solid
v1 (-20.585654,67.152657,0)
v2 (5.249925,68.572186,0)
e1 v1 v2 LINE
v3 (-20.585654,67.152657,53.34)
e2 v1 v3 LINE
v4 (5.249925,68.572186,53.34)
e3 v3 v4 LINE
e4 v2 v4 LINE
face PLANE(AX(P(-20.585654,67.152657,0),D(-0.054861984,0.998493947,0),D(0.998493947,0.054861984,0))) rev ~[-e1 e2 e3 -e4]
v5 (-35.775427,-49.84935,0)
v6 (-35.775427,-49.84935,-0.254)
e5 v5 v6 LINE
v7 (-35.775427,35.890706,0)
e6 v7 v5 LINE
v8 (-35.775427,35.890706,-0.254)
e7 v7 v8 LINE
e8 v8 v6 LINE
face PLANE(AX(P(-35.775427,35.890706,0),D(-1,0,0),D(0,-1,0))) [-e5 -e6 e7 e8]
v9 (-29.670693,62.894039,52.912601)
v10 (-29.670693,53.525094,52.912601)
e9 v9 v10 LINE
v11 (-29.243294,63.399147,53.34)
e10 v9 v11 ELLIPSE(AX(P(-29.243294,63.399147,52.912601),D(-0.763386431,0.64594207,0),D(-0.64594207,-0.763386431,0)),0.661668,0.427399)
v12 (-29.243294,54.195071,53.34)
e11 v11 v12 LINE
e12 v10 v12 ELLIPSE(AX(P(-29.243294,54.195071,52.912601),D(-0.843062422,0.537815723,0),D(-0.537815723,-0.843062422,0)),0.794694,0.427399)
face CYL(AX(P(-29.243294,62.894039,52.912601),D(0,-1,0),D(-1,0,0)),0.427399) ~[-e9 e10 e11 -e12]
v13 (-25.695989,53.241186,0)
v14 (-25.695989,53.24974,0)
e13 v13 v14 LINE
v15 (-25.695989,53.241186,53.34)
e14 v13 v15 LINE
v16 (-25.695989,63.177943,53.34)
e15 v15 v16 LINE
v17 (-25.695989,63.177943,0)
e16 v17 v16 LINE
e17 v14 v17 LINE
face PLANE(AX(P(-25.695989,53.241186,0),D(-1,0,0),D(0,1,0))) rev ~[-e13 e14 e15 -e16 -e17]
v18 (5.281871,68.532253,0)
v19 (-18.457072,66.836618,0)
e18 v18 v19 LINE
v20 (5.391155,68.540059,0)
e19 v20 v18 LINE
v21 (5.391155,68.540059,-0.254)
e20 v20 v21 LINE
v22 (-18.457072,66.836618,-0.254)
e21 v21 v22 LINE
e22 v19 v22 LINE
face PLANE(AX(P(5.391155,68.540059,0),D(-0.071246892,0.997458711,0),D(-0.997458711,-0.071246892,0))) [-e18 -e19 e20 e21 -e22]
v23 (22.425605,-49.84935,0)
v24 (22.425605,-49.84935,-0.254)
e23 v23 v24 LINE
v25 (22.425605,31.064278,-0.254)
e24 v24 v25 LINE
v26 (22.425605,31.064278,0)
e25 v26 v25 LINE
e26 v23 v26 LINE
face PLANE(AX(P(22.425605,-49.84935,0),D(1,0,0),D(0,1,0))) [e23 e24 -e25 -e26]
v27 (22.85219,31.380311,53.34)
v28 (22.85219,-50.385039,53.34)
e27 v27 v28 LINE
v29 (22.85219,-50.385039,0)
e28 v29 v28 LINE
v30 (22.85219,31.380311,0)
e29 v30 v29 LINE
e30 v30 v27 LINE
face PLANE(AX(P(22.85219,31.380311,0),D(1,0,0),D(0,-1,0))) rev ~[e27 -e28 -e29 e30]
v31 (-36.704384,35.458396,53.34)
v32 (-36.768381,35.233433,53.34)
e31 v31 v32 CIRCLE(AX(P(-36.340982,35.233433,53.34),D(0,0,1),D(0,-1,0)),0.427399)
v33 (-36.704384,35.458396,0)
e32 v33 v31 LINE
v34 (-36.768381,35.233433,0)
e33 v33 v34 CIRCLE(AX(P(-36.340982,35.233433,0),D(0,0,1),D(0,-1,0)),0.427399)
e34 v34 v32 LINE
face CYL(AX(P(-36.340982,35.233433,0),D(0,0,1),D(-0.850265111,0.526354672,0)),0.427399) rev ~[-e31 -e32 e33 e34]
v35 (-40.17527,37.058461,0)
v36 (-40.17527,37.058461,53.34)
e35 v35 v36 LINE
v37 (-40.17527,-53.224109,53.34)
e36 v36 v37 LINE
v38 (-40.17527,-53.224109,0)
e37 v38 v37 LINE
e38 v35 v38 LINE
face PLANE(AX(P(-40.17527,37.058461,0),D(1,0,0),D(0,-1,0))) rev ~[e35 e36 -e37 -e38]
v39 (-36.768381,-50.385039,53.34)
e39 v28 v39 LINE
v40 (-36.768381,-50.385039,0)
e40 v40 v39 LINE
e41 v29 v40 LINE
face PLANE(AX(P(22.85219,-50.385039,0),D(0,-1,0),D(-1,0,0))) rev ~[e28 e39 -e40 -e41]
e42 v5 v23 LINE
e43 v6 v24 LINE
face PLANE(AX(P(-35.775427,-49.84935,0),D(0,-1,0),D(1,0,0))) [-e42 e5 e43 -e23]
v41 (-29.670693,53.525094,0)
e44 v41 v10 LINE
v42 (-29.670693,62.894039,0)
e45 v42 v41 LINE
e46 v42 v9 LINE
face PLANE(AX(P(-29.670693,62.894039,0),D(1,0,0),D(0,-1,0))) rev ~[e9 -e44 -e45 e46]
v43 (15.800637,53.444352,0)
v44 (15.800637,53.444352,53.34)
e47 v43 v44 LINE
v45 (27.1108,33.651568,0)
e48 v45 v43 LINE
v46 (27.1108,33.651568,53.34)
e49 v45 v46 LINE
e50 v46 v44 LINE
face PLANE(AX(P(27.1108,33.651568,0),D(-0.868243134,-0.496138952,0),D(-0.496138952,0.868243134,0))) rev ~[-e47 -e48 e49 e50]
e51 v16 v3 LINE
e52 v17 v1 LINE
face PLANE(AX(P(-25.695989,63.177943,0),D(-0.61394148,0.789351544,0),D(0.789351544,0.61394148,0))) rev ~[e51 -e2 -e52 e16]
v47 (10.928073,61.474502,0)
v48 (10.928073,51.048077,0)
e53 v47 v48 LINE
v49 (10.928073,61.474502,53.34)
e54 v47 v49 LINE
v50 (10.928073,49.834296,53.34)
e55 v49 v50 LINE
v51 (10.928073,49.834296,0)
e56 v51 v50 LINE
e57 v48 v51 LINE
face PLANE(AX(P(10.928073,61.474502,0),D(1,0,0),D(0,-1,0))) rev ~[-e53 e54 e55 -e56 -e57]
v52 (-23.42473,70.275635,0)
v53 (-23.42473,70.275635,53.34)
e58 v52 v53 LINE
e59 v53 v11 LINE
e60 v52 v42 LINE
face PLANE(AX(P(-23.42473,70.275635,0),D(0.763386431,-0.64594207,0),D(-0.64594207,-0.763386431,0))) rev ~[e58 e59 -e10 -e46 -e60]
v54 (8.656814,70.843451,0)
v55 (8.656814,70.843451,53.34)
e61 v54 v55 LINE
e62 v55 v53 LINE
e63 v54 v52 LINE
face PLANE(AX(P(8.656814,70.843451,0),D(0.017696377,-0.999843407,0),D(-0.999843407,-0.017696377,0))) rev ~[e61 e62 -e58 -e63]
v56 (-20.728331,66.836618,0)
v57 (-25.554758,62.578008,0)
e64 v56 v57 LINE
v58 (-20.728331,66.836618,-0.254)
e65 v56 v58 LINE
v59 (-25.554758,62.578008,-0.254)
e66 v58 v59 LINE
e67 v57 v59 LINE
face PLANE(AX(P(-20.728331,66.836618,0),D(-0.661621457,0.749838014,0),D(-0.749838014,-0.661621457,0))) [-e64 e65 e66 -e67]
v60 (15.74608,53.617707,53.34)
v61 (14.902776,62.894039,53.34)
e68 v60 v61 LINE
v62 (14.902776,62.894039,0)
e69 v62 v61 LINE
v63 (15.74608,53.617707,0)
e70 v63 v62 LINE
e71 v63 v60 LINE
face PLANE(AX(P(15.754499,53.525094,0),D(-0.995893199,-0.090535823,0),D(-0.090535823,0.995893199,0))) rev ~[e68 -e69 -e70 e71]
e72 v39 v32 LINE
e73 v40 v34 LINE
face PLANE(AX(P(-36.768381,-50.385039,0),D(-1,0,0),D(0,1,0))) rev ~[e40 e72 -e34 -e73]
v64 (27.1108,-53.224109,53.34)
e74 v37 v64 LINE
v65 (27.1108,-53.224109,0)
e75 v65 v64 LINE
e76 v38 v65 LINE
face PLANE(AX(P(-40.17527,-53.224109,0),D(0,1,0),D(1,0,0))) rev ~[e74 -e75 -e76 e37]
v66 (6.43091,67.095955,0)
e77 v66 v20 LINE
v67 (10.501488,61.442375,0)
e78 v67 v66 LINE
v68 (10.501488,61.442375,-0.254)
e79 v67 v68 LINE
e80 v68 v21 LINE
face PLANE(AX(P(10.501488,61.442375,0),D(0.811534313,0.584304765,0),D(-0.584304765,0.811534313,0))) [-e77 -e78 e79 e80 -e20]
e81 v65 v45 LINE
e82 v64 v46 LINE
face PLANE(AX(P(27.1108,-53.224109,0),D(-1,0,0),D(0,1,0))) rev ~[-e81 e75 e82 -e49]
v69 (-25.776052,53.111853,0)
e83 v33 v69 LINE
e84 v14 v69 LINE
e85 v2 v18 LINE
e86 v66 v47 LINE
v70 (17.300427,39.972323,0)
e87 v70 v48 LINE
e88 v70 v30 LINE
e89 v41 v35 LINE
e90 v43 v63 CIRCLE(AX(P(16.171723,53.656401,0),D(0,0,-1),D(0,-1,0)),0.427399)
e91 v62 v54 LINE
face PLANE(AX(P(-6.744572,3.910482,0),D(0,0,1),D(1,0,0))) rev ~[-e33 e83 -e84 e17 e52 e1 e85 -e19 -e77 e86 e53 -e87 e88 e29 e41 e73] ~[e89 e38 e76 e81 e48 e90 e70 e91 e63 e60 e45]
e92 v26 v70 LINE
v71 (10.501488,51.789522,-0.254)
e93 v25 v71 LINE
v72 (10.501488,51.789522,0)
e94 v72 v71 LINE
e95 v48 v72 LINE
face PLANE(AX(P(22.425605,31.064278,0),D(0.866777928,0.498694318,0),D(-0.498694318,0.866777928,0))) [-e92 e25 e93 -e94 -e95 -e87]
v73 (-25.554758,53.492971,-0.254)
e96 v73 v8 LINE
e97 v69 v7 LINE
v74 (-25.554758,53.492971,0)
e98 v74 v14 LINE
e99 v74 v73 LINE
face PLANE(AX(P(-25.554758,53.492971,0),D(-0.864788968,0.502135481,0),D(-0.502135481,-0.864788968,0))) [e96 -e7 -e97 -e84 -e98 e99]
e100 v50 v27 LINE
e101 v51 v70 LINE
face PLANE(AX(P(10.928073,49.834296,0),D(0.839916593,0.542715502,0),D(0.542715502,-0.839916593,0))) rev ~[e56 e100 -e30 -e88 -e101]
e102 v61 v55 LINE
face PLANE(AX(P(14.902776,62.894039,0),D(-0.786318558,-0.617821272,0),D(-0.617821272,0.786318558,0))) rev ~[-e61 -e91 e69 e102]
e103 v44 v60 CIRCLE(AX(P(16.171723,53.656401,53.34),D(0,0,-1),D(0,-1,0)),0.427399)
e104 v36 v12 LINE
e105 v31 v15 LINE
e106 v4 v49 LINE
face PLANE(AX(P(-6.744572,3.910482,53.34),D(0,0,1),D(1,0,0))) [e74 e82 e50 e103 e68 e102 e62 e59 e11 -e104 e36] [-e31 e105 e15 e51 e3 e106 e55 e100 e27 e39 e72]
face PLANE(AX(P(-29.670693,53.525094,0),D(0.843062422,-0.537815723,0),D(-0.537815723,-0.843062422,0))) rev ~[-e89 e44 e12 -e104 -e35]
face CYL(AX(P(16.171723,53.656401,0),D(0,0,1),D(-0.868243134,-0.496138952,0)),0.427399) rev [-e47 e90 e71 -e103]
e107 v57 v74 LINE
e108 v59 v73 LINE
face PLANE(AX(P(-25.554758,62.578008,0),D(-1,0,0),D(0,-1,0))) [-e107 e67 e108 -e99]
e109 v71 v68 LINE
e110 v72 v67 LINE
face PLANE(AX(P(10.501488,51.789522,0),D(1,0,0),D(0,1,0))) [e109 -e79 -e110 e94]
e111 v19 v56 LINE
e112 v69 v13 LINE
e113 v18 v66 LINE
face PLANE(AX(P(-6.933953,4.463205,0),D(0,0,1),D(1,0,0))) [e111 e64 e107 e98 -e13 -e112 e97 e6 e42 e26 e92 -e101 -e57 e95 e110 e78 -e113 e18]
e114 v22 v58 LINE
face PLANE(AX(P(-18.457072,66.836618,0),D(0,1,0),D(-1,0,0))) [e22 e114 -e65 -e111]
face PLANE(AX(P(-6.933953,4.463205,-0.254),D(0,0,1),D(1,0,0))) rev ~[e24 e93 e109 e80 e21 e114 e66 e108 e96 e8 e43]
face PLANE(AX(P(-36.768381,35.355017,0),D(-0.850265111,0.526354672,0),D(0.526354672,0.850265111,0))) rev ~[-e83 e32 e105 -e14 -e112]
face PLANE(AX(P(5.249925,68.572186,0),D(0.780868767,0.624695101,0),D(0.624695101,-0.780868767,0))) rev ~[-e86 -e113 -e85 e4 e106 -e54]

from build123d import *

# Parameters (mm, degrees)
F1_DEPTH = 53.34
F3_DEPTH = 0.254
F4_R     = 0.427399


with BuildPart() as f1:
    # F0 (on Top) → F1 (new body)
    with BuildSketch(Plane.XY):
        Polygon((-29.670693, 53.525094), (-40.17527, 37.058461), (-40.17527, -53.224109), (27.1108, -53.224109), (27.1108, 33.651568), (15.754499, 53.525094), (14.902776, 62.894039), (8.656814, 70.843451), (-23.42473, 70.275635), (-29.670693, 62.894039), align=None)
        Polygon((-25.695989, 63.177943), (-20.585654, 67.152657), (5.249925, 68.572186), (10.928073, 61.474502), (10.928073, 49.834296), (22.85219, 31.380311), (22.85219, -50.385039), (-36.768381, -50.385039), (-36.768381, 35.355017), (-25.695989, 53.241186), align=None, mode=Mode.SUBTRACT)
    extrude(amount=F1_DEPTH)

    # F2 (on Top) → F3 (join)
    with BuildSketch(Plane.XY):
        Polygon((-18.457072, 66.836618), (-20.728331, 66.836618), (-25.554758, 62.578008), (-25.554758, 53.492971), (-35.775427, 35.890706), (-35.775427, -49.84935), (22.425605, -49.84935), (22.425605, 31.064278), (10.501488, 51.789522), (10.501488, 61.442375), (5.391155, 68.540059), align=None)
    extrude(amount=-F3_DEPTH)

    # F4
    f4_edges = [f1.edges().sort_by_distance(p)[0] for p in [
        (-36.768381, 35.355017, 26.67),
        (-29.670693, 58.209566, 53.34),
        (15.754499, 53.525094, 26.67),
    ]]
    fillet(f4_edges, radius=F4_R)


solid = f1.part
